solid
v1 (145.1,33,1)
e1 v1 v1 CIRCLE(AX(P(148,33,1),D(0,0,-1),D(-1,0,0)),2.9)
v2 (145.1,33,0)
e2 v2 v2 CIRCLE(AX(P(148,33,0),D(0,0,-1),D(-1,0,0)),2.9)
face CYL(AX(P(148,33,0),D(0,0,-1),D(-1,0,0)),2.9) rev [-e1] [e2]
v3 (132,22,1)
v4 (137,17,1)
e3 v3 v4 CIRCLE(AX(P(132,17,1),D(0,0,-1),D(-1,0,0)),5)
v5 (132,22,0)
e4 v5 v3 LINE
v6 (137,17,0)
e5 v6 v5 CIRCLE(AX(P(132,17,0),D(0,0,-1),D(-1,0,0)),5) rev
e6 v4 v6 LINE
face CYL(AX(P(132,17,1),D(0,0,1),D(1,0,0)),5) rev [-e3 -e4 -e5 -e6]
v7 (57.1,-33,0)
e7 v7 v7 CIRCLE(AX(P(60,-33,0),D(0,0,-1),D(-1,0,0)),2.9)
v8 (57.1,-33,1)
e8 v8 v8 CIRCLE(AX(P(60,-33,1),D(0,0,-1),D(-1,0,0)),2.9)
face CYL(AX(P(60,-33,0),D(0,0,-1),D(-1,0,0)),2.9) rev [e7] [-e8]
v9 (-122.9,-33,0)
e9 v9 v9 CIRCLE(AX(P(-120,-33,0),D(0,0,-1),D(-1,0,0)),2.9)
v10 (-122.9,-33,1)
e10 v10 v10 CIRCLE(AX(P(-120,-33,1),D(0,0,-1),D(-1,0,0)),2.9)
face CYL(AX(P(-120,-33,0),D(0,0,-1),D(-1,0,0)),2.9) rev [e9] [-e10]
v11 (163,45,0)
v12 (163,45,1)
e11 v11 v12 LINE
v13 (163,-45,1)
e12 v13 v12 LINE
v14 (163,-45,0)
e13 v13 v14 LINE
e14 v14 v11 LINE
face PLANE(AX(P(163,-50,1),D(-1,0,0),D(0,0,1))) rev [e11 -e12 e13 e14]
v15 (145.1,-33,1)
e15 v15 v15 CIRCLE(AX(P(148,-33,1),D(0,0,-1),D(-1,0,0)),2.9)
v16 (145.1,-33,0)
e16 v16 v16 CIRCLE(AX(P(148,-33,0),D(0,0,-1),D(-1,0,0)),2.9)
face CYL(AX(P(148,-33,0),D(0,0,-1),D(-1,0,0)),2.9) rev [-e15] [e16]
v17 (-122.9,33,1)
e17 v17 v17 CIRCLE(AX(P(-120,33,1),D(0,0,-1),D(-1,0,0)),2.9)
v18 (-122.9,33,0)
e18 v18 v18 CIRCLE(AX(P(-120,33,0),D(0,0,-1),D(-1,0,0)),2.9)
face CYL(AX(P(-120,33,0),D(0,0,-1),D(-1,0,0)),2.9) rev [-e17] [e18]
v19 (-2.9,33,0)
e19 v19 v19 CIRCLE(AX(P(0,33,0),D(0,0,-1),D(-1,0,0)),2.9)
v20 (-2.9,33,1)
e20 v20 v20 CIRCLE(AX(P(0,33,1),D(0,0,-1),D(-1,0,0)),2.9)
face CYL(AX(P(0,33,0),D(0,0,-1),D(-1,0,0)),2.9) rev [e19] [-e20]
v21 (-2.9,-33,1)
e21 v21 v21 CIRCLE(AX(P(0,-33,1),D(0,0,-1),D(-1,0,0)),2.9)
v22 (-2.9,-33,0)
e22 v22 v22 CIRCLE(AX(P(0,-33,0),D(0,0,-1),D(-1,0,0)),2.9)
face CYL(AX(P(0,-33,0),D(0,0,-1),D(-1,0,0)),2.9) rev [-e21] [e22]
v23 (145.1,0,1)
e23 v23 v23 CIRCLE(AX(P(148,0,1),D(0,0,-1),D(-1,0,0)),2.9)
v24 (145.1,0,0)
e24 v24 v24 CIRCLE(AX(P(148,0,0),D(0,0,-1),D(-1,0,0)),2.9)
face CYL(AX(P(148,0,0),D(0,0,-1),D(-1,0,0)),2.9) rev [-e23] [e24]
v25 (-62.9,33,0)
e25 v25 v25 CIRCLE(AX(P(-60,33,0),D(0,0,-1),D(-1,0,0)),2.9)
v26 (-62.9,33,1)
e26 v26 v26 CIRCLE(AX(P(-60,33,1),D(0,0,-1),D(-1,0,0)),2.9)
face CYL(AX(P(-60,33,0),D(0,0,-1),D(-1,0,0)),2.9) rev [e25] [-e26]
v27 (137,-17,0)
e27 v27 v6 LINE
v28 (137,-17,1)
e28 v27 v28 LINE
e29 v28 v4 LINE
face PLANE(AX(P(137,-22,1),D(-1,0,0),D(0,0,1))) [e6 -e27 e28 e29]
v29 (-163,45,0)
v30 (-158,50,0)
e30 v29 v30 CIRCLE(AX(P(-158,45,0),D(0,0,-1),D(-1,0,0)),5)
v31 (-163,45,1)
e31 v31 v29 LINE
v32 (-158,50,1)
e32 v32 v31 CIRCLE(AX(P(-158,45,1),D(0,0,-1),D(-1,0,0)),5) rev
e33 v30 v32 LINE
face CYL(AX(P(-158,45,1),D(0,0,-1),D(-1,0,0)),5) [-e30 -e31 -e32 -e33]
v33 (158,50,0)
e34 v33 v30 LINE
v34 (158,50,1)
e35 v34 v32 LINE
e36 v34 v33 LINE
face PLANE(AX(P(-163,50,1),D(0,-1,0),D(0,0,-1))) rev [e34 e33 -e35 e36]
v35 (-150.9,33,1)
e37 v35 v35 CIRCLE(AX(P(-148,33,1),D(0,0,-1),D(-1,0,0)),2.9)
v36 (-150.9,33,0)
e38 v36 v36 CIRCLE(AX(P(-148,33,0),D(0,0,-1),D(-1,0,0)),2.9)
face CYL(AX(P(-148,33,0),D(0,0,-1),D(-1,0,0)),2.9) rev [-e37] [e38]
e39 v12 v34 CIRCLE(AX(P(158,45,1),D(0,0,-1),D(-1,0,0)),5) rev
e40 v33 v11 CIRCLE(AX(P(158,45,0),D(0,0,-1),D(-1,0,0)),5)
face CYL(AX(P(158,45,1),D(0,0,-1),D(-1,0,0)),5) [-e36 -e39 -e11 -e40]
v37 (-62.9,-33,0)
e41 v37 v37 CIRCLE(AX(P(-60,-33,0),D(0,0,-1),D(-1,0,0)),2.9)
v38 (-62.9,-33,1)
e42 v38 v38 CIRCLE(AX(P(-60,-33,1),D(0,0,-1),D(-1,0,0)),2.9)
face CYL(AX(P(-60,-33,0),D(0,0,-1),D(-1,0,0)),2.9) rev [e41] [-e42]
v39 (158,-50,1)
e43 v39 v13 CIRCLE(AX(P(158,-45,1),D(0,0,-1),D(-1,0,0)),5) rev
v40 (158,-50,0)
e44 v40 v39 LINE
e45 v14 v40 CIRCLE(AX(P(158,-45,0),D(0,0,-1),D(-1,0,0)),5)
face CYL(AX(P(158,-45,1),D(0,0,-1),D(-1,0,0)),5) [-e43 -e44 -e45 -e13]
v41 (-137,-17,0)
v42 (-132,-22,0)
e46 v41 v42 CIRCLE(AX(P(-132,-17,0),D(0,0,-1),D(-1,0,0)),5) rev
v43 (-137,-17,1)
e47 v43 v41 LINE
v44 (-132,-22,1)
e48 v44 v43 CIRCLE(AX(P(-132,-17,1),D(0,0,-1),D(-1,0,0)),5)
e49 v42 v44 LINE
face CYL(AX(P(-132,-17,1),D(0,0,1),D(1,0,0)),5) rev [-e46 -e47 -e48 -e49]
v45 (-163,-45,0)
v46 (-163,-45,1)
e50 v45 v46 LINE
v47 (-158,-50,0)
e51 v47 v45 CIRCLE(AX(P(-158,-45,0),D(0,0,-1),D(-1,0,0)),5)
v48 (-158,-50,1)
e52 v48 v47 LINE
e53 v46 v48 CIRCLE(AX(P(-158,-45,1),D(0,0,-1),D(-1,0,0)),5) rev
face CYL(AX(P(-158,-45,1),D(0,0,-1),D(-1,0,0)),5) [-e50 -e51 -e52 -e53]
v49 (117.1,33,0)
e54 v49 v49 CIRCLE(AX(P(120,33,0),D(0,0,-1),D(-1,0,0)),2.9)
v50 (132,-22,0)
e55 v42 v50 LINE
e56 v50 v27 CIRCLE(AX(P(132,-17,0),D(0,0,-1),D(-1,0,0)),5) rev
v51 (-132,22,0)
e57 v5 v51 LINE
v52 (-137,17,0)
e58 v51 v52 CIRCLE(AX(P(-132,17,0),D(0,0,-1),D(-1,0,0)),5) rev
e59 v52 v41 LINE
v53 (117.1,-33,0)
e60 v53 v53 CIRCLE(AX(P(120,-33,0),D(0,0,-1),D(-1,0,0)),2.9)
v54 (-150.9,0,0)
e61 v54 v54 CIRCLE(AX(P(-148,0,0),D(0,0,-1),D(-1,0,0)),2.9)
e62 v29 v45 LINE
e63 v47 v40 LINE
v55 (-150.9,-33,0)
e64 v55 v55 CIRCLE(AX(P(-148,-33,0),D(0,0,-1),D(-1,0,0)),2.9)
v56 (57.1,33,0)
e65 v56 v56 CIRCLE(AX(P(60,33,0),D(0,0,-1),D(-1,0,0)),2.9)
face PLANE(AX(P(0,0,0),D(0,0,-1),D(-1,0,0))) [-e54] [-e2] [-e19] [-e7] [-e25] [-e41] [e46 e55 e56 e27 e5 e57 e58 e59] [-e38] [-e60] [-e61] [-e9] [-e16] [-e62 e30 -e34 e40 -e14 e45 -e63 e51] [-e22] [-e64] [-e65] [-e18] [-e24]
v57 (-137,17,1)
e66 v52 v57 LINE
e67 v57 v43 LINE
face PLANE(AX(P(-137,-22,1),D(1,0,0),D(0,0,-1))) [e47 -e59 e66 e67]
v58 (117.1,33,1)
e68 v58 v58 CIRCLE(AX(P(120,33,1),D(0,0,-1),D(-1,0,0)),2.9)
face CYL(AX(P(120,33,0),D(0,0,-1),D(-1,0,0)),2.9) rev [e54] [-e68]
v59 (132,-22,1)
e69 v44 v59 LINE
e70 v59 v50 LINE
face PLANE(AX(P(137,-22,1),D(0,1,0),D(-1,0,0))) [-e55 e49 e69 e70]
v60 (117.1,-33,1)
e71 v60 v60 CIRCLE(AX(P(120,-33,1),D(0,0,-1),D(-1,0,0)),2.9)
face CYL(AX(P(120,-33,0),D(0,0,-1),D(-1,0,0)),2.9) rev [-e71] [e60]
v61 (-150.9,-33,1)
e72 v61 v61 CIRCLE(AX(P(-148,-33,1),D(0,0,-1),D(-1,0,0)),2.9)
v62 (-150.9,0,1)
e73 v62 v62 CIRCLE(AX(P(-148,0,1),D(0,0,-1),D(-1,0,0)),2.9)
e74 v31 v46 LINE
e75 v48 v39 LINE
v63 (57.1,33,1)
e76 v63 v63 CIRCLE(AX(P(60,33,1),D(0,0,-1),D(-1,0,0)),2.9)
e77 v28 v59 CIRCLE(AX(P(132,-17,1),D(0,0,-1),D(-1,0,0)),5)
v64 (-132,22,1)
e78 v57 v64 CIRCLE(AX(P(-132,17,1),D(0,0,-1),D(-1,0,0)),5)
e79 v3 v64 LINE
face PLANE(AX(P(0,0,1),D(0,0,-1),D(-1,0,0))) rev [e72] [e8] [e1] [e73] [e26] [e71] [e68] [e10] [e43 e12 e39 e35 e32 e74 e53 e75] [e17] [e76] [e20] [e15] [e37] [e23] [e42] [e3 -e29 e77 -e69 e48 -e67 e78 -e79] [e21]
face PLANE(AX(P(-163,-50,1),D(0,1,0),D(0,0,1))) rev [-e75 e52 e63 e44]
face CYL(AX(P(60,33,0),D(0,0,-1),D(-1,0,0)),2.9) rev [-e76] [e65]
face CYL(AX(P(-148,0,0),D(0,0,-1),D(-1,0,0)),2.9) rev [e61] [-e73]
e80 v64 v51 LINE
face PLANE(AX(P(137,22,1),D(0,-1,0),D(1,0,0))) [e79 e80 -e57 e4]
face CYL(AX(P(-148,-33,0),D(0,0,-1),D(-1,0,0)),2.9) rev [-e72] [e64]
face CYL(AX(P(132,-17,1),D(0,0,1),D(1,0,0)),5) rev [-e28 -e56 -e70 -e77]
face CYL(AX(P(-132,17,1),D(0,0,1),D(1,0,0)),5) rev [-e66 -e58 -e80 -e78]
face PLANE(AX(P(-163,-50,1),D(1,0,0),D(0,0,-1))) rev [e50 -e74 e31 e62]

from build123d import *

# Parameters (mm, degrees)
SKETCH1_W            = 326
SKETCH1_H            = 100
SKETCH1_W_2          = 274
SKETCH1_H_2          = 44
BOSS_EXTRUDE1_DEPTH  = 1
FILLET1_R            = 5
M5_CLEARANCE_HOLE1_D = 5.8


with BuildPart() as part:
    # Sketch1 → Boss-Extrude1 (new body)
    with BuildSketch(Plane.XY):
        Rectangle(SKETCH1_W, SKETCH1_H)
        Rectangle(SKETCH1_W_2, SKETCH1_H_2, mode=Mode.SUBTRACT)
    extrude(amount=BOSS_EXTRUDE1_DEPTH)

    # Fillet1
    fillet1_edges = [part.edges().sort_by_distance(p)[0] for p in [
        (-137, 22, 0.5),
        (-137, -22, 0.5),
        (137, -22, 0.5),
        (137, 22, 0.5),
        (163, -50, 0.5),
        (-163, -50, 0.5),
        (-163, 50, 0.5),
        (163, 50, 0.5),
    ]]
    fillet(fillet1_edges, radius=FILLET1_R)

    # M5 Clearance Hole1 (through all)
    with Locations(Plane(origin=(0, 0, 0), x_dir=(-1, 0, 0), z_dir=(0, 0, -1))):
        with Locations((0, 33), (60, 33), (120, 33), (148, 33), (148, 0), (148, -33), (120, -33), (60, -33), (0, -33), (-60, 33), (-60, -33), (-120, -33), (-148, -33), (-148, 0), (-148, 33), (-120, 33)):
            Hole(M5_CLEARANCE_HOLE1_D / 2)


solid = part.part
